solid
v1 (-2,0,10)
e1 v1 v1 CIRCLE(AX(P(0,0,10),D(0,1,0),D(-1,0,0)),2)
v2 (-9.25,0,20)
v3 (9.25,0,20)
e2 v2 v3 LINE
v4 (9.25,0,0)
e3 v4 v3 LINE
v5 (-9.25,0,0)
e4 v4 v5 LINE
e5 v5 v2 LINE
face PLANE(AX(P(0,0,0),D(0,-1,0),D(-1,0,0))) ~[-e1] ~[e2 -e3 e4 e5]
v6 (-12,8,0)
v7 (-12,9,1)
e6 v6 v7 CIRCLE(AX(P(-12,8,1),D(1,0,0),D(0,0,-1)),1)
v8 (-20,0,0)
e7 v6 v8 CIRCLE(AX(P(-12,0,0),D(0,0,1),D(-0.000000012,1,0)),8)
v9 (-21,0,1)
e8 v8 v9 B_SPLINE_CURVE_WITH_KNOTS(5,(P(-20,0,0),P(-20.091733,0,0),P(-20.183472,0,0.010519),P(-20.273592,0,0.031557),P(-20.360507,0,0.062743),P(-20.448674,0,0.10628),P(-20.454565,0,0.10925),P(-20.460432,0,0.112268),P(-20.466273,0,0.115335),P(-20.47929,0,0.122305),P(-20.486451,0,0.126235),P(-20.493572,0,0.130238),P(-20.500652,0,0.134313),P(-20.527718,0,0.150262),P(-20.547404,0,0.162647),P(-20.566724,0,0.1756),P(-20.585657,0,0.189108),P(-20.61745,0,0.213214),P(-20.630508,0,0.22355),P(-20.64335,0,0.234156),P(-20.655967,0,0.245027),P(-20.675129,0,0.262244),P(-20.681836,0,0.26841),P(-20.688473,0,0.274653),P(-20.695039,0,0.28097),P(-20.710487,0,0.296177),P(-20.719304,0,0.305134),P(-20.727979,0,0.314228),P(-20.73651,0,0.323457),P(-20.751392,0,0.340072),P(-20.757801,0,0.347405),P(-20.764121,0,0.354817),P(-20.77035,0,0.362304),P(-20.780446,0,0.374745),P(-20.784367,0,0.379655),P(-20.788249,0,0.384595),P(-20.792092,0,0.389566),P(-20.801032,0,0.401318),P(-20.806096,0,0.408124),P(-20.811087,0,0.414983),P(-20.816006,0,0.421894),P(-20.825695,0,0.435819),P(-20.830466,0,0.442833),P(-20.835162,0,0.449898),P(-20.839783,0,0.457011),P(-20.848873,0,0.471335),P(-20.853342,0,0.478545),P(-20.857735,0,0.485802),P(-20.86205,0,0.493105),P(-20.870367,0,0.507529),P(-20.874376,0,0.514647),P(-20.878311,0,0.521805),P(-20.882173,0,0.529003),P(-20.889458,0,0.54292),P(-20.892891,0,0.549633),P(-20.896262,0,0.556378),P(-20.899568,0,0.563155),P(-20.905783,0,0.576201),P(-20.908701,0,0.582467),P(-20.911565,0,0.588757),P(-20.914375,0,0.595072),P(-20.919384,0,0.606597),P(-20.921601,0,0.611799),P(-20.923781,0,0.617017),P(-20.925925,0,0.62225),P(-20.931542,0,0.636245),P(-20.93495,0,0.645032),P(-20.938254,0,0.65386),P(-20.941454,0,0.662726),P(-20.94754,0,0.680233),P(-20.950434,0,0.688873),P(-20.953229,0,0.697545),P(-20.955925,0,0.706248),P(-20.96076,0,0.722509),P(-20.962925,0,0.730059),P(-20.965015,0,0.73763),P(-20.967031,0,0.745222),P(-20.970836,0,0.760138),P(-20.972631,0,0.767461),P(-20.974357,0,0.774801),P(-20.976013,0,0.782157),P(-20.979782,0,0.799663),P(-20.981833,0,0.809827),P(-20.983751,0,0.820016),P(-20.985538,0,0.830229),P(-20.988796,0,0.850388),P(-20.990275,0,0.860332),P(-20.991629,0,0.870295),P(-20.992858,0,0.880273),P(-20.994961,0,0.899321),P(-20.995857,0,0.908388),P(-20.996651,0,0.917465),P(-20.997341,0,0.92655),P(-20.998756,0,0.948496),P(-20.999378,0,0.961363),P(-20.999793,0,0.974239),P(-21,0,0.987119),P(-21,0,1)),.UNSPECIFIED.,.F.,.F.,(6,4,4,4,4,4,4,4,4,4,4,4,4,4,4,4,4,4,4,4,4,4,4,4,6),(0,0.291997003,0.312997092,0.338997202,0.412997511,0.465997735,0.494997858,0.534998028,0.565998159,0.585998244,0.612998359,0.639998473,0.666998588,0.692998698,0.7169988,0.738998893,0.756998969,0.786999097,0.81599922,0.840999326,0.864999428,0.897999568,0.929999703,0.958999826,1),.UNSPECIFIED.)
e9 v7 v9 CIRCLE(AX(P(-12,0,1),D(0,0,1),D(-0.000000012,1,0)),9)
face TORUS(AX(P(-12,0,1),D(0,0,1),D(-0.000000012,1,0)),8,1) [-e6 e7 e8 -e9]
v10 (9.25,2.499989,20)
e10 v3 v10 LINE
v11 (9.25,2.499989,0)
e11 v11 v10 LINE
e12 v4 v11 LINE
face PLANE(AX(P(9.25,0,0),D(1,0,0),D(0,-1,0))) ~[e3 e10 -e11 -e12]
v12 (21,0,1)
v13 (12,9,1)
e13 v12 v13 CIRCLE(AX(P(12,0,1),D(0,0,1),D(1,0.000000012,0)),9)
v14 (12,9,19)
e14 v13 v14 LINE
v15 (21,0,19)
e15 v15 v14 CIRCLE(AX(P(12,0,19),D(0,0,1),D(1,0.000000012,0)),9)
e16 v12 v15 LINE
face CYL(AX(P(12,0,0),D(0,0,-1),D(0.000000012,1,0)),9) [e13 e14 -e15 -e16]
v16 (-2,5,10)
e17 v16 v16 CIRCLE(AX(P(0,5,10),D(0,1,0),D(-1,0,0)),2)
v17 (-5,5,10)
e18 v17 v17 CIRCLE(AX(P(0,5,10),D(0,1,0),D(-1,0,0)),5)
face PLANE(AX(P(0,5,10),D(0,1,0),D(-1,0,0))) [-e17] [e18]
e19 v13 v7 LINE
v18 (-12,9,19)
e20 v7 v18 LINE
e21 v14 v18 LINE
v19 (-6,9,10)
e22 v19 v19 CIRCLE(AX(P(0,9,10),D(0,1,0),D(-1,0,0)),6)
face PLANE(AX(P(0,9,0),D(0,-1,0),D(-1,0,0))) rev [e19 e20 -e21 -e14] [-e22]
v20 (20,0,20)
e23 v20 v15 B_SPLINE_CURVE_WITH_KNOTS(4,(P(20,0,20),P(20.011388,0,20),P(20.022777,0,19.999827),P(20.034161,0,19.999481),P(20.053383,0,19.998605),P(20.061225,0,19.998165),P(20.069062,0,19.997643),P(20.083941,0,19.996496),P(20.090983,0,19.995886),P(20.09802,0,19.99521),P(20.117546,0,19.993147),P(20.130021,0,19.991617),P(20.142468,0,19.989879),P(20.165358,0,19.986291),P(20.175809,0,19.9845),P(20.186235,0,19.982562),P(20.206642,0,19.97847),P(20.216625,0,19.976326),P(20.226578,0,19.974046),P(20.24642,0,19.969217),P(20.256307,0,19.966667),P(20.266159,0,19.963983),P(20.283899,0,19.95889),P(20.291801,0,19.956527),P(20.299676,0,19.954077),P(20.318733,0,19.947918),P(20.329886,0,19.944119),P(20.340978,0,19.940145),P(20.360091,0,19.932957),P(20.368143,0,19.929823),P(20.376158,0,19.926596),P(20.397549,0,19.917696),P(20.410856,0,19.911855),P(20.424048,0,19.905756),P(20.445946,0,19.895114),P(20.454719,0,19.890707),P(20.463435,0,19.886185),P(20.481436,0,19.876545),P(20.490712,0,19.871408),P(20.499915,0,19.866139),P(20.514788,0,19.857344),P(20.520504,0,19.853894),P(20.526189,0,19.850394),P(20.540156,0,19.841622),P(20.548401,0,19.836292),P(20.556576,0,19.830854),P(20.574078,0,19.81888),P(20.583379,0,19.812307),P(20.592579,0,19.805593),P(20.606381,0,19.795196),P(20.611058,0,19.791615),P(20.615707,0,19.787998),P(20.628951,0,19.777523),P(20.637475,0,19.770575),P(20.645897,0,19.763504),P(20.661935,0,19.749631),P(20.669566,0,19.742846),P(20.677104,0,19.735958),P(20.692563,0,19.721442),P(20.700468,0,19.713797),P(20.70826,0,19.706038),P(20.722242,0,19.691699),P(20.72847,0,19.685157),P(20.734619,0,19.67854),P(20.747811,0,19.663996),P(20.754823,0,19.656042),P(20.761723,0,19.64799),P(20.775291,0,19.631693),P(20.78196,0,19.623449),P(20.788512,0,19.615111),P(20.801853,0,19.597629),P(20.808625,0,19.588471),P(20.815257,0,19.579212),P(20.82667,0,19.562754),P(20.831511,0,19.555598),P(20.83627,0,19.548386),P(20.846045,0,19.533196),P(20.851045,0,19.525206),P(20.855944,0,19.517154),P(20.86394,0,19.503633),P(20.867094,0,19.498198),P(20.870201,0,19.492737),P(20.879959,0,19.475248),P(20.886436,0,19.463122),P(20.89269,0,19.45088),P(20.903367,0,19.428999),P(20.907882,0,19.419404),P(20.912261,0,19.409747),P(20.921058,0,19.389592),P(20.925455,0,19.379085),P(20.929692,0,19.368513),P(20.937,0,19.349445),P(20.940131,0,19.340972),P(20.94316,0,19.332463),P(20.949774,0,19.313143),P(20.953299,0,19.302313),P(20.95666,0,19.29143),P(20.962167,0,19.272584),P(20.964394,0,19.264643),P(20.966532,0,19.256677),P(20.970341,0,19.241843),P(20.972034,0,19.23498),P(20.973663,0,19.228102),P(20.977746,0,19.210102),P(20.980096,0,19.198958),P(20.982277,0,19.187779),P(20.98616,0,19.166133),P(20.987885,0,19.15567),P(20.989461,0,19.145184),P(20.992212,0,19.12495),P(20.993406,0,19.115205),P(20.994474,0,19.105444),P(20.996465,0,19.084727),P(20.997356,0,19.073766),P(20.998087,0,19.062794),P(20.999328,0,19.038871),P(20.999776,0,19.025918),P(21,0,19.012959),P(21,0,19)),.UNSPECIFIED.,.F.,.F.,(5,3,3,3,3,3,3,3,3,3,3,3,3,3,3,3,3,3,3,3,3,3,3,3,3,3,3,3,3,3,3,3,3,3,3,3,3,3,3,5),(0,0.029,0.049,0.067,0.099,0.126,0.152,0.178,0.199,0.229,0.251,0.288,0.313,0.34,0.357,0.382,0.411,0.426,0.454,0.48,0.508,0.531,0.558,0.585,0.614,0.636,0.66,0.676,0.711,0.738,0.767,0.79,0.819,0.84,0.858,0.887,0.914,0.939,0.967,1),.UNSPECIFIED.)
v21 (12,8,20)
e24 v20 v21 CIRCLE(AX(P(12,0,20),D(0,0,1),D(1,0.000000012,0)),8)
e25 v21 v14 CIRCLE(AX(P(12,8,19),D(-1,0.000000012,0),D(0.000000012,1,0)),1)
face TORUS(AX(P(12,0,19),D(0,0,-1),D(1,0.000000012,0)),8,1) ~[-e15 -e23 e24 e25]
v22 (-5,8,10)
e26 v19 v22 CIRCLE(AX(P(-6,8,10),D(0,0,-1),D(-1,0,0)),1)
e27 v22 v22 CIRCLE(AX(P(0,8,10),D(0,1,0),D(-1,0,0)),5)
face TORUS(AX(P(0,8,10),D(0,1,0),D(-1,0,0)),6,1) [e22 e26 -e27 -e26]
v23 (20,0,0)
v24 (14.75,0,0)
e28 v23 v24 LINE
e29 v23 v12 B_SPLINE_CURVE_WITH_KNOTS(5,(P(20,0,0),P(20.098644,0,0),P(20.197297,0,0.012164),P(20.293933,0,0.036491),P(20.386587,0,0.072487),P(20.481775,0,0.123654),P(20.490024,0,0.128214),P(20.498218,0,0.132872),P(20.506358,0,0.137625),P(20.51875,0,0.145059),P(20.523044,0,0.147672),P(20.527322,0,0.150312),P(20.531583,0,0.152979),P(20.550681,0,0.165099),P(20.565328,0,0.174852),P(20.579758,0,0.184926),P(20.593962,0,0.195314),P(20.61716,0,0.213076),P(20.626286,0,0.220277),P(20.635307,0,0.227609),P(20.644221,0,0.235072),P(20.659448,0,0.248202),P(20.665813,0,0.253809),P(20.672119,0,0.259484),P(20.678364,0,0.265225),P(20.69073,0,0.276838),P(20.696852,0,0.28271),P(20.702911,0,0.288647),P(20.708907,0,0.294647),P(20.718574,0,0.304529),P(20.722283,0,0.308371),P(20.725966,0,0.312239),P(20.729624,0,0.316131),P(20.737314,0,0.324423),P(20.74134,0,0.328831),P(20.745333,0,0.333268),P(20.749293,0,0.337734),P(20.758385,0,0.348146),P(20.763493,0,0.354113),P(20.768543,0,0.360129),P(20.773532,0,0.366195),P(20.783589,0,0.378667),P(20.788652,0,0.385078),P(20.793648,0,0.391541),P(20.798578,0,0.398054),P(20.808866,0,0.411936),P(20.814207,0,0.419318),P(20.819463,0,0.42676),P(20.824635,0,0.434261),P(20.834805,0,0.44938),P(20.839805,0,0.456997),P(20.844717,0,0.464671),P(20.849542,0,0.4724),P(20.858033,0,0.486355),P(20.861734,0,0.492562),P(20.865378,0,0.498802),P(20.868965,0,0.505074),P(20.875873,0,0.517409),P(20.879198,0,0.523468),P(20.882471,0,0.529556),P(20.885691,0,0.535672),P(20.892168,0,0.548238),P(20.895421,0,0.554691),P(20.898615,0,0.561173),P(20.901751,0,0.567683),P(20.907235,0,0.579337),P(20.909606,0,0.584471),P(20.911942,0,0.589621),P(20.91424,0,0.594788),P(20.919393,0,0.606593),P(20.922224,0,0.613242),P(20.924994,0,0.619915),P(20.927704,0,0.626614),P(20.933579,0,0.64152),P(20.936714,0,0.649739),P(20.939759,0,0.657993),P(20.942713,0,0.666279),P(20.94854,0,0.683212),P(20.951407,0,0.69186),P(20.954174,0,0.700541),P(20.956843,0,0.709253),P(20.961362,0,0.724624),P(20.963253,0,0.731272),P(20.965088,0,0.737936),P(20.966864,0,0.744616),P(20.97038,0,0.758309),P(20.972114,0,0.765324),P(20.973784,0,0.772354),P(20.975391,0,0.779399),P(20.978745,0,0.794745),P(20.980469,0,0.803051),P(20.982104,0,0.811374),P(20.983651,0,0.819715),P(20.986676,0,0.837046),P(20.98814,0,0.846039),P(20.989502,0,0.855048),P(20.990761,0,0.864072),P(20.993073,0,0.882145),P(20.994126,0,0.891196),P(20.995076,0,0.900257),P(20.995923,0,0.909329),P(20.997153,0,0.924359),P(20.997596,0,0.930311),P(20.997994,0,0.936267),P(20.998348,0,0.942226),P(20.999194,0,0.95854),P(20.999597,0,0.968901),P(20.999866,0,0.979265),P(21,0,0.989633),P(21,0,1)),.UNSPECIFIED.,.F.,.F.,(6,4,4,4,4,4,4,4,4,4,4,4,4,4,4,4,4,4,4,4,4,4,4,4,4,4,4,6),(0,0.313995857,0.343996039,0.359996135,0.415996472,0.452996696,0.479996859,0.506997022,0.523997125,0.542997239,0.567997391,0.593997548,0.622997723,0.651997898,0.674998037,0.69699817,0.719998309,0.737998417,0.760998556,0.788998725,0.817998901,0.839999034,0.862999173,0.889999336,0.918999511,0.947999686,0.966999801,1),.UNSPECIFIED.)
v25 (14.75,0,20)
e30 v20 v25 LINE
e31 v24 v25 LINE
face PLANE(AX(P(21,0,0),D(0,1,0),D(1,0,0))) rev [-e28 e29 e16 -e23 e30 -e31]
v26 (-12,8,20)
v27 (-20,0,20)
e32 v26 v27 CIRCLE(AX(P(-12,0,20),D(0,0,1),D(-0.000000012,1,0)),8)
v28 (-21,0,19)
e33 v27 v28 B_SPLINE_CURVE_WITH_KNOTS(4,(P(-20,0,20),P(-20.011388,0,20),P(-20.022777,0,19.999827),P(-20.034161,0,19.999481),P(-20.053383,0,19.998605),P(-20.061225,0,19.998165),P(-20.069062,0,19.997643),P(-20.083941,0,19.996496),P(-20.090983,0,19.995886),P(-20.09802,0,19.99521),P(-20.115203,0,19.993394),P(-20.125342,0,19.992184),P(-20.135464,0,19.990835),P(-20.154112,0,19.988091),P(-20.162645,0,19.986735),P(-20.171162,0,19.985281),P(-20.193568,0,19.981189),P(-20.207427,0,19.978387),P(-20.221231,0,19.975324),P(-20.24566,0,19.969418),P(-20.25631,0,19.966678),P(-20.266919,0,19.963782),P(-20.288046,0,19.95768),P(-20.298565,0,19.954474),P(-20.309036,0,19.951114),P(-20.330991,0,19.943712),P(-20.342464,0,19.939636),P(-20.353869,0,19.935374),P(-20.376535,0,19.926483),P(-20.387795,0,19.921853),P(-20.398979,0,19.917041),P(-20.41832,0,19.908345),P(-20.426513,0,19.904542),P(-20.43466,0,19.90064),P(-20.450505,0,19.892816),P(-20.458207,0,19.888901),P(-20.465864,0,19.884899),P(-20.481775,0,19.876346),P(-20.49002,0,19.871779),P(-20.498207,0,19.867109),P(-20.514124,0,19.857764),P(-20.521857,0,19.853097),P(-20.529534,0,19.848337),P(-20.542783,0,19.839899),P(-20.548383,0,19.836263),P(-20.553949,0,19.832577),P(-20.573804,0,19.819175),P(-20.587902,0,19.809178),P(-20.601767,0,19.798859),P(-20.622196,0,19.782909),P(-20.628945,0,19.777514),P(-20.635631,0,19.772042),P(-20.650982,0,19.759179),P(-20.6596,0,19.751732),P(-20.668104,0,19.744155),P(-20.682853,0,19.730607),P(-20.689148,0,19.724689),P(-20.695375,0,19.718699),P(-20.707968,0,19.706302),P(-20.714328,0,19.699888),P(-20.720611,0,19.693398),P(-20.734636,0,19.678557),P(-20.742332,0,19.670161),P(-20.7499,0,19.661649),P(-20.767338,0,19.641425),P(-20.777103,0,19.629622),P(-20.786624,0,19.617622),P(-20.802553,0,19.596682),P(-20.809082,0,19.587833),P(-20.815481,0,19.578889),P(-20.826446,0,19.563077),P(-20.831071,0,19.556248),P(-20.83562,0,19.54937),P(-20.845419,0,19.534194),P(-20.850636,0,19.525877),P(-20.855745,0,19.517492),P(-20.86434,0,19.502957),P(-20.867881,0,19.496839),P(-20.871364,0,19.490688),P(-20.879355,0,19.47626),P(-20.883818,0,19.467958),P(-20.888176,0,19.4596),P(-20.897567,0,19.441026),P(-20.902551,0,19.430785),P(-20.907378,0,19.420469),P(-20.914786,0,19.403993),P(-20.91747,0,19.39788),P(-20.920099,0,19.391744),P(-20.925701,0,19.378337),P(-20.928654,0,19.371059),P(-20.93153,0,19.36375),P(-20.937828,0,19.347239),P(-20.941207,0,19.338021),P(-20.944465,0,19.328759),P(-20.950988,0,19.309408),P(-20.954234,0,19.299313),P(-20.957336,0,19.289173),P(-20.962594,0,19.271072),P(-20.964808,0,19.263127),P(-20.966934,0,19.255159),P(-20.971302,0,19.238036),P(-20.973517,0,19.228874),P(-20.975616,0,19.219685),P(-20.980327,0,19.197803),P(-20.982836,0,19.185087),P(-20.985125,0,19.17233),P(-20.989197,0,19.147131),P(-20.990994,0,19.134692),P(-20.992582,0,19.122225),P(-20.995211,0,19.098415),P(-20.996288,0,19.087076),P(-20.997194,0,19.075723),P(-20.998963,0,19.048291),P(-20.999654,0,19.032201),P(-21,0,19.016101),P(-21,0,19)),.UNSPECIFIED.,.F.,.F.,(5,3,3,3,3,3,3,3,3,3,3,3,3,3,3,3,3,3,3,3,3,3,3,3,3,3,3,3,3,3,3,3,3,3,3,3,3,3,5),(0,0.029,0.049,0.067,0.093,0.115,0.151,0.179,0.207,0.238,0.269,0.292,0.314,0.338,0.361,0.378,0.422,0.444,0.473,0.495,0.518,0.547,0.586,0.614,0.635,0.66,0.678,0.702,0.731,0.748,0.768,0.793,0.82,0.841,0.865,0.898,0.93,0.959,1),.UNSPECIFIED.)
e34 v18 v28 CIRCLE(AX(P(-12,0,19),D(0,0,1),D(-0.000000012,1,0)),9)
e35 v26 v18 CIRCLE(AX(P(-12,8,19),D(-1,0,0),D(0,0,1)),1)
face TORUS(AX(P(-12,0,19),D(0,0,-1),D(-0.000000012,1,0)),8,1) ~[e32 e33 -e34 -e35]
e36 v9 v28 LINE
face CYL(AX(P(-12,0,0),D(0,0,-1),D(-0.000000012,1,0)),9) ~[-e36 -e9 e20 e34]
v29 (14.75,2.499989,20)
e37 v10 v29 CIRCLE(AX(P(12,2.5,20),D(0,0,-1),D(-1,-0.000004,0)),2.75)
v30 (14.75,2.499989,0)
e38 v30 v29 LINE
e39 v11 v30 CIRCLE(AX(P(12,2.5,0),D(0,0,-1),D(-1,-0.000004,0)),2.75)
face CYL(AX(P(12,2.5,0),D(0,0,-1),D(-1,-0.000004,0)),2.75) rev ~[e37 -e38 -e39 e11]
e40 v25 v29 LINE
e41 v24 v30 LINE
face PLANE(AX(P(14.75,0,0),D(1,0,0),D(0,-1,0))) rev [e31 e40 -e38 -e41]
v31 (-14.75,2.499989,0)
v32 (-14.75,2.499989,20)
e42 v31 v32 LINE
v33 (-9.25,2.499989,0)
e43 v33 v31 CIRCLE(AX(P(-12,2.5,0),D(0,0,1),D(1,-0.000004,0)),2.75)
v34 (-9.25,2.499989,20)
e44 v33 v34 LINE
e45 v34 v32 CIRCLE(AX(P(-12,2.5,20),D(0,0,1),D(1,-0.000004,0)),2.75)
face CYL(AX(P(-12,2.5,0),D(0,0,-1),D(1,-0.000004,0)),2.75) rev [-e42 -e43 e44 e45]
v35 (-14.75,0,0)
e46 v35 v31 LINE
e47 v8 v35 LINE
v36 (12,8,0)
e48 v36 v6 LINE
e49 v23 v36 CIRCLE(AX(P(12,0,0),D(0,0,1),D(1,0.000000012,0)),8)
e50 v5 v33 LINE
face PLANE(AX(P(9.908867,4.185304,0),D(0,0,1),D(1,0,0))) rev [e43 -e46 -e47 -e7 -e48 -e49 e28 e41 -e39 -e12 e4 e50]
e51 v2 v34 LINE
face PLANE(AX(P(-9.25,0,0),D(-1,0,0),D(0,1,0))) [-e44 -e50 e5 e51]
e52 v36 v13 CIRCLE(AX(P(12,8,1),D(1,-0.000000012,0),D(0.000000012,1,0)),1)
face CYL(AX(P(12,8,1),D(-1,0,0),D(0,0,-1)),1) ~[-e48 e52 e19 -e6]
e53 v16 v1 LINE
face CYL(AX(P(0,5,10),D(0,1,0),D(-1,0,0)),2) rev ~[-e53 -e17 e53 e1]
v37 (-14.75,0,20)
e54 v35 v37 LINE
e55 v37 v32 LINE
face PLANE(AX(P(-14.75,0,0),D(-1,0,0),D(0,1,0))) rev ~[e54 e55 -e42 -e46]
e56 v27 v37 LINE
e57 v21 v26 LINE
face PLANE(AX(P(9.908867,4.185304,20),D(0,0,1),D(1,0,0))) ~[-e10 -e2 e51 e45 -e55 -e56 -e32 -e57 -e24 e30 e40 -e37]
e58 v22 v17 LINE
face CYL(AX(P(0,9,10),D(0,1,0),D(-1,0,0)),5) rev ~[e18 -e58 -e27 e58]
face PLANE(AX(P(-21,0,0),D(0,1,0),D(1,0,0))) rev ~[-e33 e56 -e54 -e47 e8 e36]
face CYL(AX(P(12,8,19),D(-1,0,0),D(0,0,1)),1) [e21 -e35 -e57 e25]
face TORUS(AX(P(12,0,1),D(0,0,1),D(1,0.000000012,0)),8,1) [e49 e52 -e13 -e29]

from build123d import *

# Parameters (mm, degrees)
PAD_DEPTH       = 20
SKETCH001_R     = 5
POCKET_DEPTH    = 4
SKETCH002_R     = 2
POCKET001_DEPTH = 5
FILLET_R        = 1
FILLET001_R     = 1


with BuildPart() as part:
    # Sketch → Pad (new body)
    with BuildSketch(Plane.XY):
        with BuildLine():
            Line((0, 0), (0, 9))
            Line((0, 9), (-12, 9))
            ThreePointArc((-12, 9), (-18.363961, 6.363961), (-21, 0))
            Line((-21, 0), (-14.75, 0))
            Line((-14.75, 0), (-14.75, 2.499989))
            ThreePointArc((-9.25, 2.499989), (-12, 5.25), (-14.75, 2.499989))
            Line((-9.25, 0), (-9.25, 2.499989))
            Line((0, 0), (-9.25, 0))
        make_face()
    extrude(amount=PAD_DEPTH)

    # Mirrored: part across YZ


with BuildPart() as part_1:
    add(part.part)
    add(part.part.mirror(Plane.YZ))

    # Sketch001 (on Face1 of Mirrored) → Pocket (cut)
    with BuildSketch(Plane(origin=(0, 9, 0), x_dir=(-1, 0, 0), z_dir=(0, 1, 0))):
        with Locations((0, 10)):
            Circle(SKETCH001_R)
    extrude(amount=-POCKET_DEPTH, mode=Mode.SUBTRACT)

    # Sketch002 (on Face15 of Pocket) → Pocket001 (cut)
    with BuildSketch(Plane(origin=(0, 5, 0), x_dir=(-1, 0, 0), z_dir=(0, 1, 0))):
        with Locations((0, 10)):
            Circle(SKETCH002_R)
    extrude(amount=-POCKET001_DEPTH, mode=Mode.SUBTRACT)

    # Fillet
    fillet_edges = [part_1.edges().sort_by_distance(p)[0] for p in [
        (-18.363961, 6.363961, 20),
        (-6, 9, 20),
        (6, 9, 20),
        (18.363961, 6.363961, 20),
        (-18.363961, 6.363961, 0),
        (-6, 9, 0),
        (6, 9, 0),
        (18.363961, 6.363961, 0),
    ]]
    fillet(fillet_edges, radius=FILLET_R)

    # Fillet001
    fillet001_edges = [part_1.edges().sort_by_distance(p)[0] for p in [
        (5, 9, 10),
    ]]
    fillet(fillet001_edges, radius=FILLET001_R)


solid = part_1.part
